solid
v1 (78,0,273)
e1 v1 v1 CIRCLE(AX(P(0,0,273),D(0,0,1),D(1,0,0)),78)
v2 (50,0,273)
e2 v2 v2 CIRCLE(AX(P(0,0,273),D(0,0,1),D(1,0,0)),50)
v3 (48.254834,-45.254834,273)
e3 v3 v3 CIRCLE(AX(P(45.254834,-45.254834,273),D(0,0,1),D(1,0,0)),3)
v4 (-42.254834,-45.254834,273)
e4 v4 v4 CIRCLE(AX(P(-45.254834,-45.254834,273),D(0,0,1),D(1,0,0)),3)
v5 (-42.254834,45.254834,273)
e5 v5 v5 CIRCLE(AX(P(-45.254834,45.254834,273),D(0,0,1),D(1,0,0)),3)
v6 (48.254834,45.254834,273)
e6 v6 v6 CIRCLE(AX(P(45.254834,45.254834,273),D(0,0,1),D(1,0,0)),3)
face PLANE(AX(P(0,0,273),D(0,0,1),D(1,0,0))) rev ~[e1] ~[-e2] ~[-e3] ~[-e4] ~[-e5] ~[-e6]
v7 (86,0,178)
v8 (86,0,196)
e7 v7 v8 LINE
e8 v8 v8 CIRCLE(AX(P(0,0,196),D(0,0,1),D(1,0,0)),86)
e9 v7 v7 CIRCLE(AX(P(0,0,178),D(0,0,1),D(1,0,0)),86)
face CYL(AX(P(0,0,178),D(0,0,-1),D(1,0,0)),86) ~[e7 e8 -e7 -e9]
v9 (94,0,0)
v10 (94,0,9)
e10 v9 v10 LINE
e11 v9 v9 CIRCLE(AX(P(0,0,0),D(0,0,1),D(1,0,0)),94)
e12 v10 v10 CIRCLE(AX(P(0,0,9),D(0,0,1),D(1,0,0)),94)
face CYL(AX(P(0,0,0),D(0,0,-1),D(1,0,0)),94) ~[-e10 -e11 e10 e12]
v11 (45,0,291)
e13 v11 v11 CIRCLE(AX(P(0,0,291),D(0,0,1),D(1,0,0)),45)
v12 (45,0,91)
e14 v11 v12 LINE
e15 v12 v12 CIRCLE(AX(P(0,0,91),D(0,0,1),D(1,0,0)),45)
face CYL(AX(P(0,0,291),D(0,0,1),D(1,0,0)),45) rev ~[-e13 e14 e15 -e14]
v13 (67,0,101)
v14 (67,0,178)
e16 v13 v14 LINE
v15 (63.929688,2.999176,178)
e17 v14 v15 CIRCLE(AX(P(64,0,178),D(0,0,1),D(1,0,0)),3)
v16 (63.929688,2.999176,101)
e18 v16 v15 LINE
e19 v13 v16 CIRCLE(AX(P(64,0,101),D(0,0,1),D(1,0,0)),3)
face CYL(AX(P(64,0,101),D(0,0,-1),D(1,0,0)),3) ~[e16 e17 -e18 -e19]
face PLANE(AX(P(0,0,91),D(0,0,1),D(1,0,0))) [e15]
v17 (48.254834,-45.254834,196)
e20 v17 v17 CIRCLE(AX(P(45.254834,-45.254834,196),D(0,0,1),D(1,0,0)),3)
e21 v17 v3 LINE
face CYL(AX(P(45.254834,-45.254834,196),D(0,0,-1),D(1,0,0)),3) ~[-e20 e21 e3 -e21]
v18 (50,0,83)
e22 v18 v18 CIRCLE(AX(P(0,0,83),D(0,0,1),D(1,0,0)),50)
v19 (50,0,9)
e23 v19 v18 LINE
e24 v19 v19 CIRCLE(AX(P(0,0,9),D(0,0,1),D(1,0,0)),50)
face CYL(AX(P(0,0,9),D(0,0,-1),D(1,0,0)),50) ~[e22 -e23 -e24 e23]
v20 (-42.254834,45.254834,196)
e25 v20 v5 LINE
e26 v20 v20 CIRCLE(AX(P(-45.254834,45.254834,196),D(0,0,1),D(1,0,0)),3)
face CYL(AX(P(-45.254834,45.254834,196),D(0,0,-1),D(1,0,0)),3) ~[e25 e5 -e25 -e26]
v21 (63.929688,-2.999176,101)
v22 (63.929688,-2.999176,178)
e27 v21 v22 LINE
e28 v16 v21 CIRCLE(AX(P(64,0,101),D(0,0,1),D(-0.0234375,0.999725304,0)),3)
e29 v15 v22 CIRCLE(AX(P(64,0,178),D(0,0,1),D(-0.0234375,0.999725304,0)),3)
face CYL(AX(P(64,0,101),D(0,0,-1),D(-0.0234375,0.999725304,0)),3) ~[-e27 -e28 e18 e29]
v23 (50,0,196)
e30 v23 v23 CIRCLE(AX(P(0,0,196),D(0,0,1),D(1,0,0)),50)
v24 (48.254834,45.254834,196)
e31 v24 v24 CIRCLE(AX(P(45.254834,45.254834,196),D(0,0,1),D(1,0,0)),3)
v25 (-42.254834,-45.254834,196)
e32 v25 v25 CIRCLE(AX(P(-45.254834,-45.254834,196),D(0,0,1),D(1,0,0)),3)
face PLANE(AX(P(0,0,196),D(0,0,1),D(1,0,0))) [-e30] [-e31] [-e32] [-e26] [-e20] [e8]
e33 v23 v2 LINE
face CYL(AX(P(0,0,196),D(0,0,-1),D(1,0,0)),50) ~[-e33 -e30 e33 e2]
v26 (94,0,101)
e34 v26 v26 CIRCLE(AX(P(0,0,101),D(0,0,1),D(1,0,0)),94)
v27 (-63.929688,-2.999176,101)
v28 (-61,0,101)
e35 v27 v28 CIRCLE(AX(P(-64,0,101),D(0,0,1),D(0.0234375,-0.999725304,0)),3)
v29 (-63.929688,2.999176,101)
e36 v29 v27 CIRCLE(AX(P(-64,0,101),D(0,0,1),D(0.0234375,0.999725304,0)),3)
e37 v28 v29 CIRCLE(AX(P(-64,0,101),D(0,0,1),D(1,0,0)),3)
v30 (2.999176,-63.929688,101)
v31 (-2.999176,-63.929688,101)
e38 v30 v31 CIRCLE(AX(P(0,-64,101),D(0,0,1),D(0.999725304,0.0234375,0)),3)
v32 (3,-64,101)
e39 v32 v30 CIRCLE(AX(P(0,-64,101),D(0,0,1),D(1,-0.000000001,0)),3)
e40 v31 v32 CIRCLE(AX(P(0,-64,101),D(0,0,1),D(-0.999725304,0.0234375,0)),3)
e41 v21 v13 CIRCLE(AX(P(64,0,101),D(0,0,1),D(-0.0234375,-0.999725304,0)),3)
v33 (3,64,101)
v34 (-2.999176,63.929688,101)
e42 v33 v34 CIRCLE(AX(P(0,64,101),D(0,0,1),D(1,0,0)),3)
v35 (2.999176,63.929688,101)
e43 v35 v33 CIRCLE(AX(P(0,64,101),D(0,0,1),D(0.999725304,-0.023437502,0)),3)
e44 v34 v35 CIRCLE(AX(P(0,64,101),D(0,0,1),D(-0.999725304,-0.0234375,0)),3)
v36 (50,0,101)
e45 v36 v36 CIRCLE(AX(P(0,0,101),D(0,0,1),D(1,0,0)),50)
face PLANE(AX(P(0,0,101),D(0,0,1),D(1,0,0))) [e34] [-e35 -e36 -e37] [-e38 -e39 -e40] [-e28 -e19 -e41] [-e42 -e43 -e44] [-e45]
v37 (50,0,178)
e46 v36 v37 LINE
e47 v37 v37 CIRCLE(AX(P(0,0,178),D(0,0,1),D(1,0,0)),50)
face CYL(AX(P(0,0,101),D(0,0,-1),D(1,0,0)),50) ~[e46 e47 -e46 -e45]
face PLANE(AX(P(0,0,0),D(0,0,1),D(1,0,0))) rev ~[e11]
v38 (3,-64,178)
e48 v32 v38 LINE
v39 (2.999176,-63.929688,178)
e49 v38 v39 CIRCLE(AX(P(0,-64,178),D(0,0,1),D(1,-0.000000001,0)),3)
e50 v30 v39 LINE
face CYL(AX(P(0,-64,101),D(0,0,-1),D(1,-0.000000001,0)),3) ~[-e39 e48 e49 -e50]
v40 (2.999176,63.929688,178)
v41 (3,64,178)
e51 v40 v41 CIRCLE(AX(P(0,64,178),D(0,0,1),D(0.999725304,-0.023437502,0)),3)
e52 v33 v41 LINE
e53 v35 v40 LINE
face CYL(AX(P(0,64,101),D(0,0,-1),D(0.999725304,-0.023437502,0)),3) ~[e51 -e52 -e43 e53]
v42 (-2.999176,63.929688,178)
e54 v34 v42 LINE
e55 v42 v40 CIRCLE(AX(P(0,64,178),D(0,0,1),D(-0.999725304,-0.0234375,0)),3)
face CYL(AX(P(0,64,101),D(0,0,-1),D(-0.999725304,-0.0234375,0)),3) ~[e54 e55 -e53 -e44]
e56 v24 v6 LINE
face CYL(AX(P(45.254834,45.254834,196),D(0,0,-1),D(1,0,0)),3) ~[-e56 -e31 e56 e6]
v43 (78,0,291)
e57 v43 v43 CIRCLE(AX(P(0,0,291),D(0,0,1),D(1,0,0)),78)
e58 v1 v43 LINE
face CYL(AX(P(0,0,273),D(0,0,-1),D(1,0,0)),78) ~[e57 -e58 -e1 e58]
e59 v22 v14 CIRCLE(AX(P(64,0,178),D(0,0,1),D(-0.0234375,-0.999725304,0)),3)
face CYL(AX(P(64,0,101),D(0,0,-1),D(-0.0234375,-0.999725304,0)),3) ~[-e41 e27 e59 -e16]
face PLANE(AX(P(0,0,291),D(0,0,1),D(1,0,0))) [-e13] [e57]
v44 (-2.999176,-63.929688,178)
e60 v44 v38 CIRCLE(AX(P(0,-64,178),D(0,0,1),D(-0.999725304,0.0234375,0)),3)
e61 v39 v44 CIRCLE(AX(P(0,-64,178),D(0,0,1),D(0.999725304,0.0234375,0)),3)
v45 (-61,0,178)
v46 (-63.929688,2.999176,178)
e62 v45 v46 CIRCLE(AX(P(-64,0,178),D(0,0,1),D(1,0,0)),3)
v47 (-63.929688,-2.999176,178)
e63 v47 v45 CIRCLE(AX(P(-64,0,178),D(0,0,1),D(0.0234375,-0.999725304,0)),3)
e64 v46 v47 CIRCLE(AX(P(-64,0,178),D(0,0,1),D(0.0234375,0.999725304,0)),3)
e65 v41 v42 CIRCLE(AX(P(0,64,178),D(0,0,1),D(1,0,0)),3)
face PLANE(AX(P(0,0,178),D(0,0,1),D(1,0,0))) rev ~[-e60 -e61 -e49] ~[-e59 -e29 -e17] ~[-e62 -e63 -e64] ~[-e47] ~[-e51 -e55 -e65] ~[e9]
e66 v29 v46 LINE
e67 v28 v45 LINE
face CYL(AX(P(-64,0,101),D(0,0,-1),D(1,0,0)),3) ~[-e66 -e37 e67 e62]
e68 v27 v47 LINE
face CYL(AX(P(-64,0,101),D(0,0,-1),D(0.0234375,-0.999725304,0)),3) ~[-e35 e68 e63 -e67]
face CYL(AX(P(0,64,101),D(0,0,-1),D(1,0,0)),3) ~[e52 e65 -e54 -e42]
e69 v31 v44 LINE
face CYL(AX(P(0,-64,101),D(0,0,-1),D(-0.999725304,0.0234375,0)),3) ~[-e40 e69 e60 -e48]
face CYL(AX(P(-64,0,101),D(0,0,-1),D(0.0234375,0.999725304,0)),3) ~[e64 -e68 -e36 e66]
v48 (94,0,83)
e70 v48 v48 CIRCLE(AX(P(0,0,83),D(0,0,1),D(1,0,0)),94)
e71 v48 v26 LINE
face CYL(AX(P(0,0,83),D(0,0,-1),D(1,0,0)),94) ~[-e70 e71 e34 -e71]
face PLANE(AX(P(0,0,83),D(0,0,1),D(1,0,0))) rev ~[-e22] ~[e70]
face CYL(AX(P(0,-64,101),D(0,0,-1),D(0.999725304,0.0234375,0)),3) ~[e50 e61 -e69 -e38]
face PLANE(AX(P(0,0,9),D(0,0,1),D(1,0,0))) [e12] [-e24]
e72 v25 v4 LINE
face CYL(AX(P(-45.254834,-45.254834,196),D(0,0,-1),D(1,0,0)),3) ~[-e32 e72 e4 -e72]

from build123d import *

# Parameters (mm, degrees)
F0_R      = 94
F1_DEPTH  = 9
F2_R      = 50
F3_DEPTH  = 74
F4_R      = 94
F5_DEPTH  = 18
F7_DEPTH  = 77
F8_R      = 50
F9_DEPTH  = 77
F10_R     = 86
F11_DEPTH = 18
F12_R     = 3
F13_DEPTH = 77
F14_R     = 50
F15_DEPTH = 77
F16_R     = 78
F17_DEPTH = 18
F18_R     = 45
F19_DEPTH = 200


with BuildPart() as f1:
    # F0 (on Top) → F1 (new body)
    with BuildSketch(Plane.XY):
        Circle(F0_R)
    extrude(amount=F1_DEPTH)

    # F2 (on face) → F3 (join)
    with BuildSketch(Plane.XY.offset(9)):
        Circle(F2_R)
    extrude(amount=F3_DEPTH)

    # F4 (on face) → F5 (join)
    with BuildSketch(Plane.XY.offset(83)):
        Circle(F4_R)
    extrude(amount=F5_DEPTH)

    # F6 (on face) → F7 (join)
    with BuildSketch(Plane.XY.offset(101)):
        with BuildLine():
            ThreePointArc((-2.9991759122, 63.9296875), (0, 61), (2.9991759122, 63.9296875))
            ThreePointArc((2.9991759122, 63.9296875), (0, 64), (-2.9991759122, 63.9296875))
        make_face()
        with BuildLine():
            ThreePointArc((-2.9991759122, 63.9296875), (0, 64), (2.9991759122, 63.9296875))
            ThreePointArc((2.9991759122, 63.9296875), (2.999793971, 63.9648413354), (3, 64))
            ThreePointArc((3, 64), (-0.0351586646, 66.999793971), (-2.9991759122, 63.9296875))
        make_face()
        with BuildLine():
            ThreePointArc((-63.9296875, -2.9991759122), (-64, 0), (-63.9296875, 2.9991759122))
            ThreePointArc((-63.9296875, 2.9991759122), (-67, 0), (-63.9296875, -2.9991759122))
        make_face()
        with BuildLine():
            ThreePointArc((-61, 0), (-61.8539644108, 2.0963137289), (-63.9296875, 2.9991759122))
            ThreePointArc((-63.9296875, 2.9991759122), (-64, 0), (-63.9296875, -2.9991759122))
            ThreePointArc((-63.9296875, -2.9991759122), (-61.8539644108, -2.0963137289), (-61, 0))
        make_face()
        with BuildLine():
            ThreePointArc((-2.9991759122, -63.9296875), (0, -64), (2.9991759122, -63.9296875))
            ThreePointArc((2.9991759122, -63.9296875), (0, -61), (-2.9991759122, -63.9296875))
        make_face()
        with BuildLine():
            ThreePointArc((3, -64), (2.999793971, -63.9648413354), (2.9991759122, -63.9296875))
            ThreePointArc((2.9991759122, -63.9296875), (0, -64), (-2.9991759122, -63.9296875))
            ThreePointArc((-2.9991759122, -63.9296875), (-0.0351586646, -66.999793971), (3, -64))
        make_face()
        with BuildLine():
            ThreePointArc((63.9296875, -2.9991759122), (63.9824194603, -1.5), (64, 0))
            ThreePointArc((64, 0), (63.9824194603, 1.5), (63.9296875, 2.9991759122))
            ThreePointArc((63.9296875, 2.9991759122), (61, 0), (63.9296875, -2.9991759122))
        make_face()
        with BuildLine():
            ThreePointArc((63.9296875, 2.9991759122), (63.9824194603, 1.5), (64, 0))
            ThreePointArc((64, 0), (63.9824194603, -1.5), (63.9296875, -2.9991759122))
            ThreePointArc((63.9296875, -2.9991759122), (66.0963137289, -2.1460355892), (67, 0))
            ThreePointArc((67, 0), (66.0963137289, 2.1460355892), (63.9296875, 2.9991759122))
        make_face()
    extrude(amount=F7_DEPTH)

    # F8 (on face) → F9 (join)
    with BuildSketch(Plane.XY.offset(101)):
        Circle(F8_R)
    extrude(amount=F9_DEPTH)

    # F10 (on face) → F11 (join)
    with BuildSketch(Plane.XY.offset(178)):
        Circle(F10_R)
    extrude(amount=F11_DEPTH)

    # F12 (on face) → F13 (join)
    with BuildSketch(Plane.XY.offset(196)):
        with Locations((-45.2548339959, 45.2548339959)):
            Circle(F12_R)
        with Locations((45.2548339959, 45.2548339959)):
            Circle(F12_R)
        with Locations((45.2548339959, -45.2548339959)):
            Circle(F12_R)
        with Locations((-45.2548339959, -45.2548339959)):
            Circle(F12_R)
    extrude(amount=F13_DEPTH)

    # F14 (on face) → F15 (join)
    with BuildSketch(Plane.XY.offset(196)):
        Circle(F14_R)
    extrude(amount=F15_DEPTH)

    # F16 (on face) → F17 (join)
    with BuildSketch(Plane.XY.offset(273)):
        Circle(F16_R)
    extrude(amount=F17_DEPTH)

    # F18 (on face) → F19 (cut)
    with BuildSketch(Plane.XY.offset(291)):
        Circle(F18_R)
    extrude(amount=-F19_DEPTH, mode=Mode.SUBTRACT)


solid = f1.part
